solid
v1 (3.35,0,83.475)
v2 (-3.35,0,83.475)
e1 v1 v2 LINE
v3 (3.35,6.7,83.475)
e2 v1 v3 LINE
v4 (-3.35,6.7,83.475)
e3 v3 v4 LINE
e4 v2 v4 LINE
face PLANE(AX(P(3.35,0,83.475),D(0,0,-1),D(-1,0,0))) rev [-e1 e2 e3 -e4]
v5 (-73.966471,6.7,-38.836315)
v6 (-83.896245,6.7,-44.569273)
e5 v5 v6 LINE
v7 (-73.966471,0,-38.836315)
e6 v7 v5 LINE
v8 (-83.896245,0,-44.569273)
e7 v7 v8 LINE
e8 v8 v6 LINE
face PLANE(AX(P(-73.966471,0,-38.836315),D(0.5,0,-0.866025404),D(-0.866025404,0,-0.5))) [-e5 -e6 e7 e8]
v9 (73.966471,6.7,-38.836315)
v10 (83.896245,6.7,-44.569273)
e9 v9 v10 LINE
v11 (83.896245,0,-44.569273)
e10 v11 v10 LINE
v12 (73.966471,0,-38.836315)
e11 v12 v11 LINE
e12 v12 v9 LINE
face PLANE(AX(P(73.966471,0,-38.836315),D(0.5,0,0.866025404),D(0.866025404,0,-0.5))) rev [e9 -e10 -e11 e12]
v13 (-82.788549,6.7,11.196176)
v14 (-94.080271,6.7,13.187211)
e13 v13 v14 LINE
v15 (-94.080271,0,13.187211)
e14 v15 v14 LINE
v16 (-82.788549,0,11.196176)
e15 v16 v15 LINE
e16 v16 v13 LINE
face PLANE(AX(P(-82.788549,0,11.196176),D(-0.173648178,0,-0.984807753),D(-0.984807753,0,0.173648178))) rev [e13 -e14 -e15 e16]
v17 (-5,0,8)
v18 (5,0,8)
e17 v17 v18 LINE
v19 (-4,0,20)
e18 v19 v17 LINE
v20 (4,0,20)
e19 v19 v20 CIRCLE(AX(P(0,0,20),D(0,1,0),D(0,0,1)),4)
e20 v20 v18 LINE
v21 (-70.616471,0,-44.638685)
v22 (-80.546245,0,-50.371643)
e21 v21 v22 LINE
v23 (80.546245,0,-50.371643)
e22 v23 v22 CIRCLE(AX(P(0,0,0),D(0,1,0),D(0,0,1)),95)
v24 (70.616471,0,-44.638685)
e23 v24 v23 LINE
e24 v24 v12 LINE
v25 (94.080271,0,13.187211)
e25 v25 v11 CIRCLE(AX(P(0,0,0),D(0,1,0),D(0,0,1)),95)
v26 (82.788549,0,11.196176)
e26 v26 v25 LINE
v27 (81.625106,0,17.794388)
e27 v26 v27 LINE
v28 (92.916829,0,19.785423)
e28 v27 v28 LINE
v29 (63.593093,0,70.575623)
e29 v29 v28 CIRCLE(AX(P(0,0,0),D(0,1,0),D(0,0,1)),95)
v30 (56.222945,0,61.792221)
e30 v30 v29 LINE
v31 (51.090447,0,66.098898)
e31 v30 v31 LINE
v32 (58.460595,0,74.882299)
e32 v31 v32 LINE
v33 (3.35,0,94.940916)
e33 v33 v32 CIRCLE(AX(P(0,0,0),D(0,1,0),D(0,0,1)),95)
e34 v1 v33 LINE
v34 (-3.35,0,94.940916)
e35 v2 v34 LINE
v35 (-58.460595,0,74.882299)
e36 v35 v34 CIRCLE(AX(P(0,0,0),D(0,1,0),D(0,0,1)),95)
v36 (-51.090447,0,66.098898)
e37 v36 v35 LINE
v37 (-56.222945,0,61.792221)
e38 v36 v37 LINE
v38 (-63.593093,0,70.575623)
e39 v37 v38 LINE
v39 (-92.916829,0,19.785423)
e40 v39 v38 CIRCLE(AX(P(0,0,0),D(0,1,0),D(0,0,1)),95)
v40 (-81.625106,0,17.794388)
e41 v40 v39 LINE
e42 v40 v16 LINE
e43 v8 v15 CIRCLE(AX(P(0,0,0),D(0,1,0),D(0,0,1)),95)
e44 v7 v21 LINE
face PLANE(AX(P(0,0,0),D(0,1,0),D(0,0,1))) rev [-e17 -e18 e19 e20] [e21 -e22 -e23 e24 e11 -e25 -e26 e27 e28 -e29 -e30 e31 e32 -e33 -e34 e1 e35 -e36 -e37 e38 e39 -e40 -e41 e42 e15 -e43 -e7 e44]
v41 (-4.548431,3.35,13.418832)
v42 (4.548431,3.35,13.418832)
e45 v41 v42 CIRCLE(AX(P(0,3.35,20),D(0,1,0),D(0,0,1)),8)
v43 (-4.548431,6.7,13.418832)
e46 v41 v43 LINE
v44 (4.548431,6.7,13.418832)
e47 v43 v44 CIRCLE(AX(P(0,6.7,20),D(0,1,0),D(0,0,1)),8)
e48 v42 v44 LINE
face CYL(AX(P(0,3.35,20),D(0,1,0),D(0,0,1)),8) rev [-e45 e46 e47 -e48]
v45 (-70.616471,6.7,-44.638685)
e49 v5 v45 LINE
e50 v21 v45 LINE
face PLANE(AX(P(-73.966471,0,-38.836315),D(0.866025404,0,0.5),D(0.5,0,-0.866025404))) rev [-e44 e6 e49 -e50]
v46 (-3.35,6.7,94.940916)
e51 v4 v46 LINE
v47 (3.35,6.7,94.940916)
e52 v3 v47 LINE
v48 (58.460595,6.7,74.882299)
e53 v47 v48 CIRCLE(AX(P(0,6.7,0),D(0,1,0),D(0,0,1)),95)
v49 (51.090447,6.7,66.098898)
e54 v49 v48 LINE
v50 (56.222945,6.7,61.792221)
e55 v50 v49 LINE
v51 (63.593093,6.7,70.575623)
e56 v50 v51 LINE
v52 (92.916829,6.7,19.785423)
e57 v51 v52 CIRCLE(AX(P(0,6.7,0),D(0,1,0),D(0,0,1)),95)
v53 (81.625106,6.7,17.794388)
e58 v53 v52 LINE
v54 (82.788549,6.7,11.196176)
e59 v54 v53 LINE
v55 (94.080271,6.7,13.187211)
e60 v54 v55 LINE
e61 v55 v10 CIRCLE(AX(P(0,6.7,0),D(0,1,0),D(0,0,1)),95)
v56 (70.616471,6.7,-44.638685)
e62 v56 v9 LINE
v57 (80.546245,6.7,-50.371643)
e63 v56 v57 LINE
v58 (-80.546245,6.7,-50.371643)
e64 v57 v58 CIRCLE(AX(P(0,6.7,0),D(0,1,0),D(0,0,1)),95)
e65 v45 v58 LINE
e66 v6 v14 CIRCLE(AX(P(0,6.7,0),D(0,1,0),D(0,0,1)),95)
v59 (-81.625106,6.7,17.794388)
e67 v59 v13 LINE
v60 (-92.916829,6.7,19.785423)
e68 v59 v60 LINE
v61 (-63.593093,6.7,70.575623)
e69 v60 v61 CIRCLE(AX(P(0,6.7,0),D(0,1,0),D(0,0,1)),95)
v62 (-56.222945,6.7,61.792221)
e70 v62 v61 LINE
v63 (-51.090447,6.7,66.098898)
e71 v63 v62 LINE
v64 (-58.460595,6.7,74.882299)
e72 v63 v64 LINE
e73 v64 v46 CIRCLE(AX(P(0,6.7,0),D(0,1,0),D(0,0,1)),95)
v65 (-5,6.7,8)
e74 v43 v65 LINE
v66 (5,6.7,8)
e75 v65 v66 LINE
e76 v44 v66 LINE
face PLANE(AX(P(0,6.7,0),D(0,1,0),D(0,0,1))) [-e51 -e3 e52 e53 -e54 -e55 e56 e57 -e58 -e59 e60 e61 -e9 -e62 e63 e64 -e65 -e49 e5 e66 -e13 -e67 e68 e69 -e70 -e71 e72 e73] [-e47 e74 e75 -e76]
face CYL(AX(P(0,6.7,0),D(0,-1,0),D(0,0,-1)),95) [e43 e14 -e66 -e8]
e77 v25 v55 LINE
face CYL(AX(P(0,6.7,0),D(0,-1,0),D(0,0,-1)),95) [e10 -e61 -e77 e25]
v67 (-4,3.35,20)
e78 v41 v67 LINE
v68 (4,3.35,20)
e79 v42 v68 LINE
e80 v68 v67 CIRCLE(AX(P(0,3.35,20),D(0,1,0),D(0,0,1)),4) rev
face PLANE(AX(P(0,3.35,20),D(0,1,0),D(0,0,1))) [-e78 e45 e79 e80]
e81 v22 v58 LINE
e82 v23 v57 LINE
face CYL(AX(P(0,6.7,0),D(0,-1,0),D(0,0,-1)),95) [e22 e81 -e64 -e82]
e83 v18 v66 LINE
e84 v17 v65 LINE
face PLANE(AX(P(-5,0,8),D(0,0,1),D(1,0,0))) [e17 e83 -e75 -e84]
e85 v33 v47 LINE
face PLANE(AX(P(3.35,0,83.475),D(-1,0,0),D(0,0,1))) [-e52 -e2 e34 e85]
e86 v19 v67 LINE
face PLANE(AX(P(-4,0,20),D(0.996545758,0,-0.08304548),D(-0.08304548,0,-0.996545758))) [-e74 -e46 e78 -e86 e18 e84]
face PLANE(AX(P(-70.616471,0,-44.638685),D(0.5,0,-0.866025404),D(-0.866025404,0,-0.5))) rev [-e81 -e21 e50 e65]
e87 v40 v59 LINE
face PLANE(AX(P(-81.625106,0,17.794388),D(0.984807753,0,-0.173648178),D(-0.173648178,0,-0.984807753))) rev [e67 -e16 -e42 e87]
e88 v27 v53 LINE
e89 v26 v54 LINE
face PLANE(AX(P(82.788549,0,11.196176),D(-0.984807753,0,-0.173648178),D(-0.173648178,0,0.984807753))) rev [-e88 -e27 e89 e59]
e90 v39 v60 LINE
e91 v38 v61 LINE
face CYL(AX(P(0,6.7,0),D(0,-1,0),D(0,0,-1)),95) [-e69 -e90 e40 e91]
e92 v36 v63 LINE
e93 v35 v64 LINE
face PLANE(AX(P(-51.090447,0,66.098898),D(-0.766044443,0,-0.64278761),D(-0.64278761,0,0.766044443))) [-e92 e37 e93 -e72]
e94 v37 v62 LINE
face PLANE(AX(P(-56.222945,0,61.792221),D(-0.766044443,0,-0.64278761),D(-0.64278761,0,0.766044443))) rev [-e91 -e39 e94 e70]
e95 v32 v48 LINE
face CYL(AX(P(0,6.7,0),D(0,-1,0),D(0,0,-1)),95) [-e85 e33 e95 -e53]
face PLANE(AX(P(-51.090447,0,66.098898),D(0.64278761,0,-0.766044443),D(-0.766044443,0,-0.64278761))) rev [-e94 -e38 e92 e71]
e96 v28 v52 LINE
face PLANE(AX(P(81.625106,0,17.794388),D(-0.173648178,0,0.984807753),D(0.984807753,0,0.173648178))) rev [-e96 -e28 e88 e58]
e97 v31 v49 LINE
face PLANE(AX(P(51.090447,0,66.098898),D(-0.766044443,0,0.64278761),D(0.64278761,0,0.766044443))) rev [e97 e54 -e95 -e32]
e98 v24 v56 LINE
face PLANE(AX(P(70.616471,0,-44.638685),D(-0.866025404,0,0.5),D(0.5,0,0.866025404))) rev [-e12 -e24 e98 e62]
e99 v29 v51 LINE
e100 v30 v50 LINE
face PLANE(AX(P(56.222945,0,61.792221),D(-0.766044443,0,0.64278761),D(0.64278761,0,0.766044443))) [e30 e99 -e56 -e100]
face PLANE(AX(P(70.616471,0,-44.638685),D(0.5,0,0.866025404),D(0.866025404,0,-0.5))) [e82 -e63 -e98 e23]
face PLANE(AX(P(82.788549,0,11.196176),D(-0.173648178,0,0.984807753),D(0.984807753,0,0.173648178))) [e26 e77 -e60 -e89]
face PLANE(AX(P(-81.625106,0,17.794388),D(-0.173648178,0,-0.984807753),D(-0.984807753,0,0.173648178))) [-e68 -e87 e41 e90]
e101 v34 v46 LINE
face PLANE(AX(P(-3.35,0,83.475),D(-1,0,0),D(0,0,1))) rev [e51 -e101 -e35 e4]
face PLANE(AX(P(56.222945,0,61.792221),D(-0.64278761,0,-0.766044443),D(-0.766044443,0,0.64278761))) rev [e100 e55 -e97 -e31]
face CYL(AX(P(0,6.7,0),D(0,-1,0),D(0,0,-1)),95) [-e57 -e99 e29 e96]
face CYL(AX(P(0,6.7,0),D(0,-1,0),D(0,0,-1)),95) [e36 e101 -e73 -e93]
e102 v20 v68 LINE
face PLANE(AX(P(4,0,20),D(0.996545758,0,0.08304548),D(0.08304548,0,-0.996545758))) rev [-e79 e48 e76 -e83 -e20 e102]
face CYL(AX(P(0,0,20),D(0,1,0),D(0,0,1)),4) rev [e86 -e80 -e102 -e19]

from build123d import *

# Parameters (mm, degrees)
SKETCH1_R           = 95
BOSS_EXTRUDE1_DEPTH = 6.7
SKETCH2_W           = 6.7
SKETCH2_H           = 20
CUT_EXTRUDE3_DEPTH  = 6.7
SKETCH3_R           = 8
CUT_EXTRUDE4_DEPTH  = 3.35


with BuildPart() as part:
    # Sketch1 → Boss-Extrude1 (new body)
    with BuildSketch(Plane(origin=(0, 0, 0), x_dir=(1, 0, 0), z_dir=(0, 1, 0))):
        with Locations(Location((0, 0, 0), (0, 0, 270))):
            Circle(SKETCH1_R)
    extrude(amount=BOSS_EXTRUDE1_DEPTH)

    # Sketch2 → Cut-Extrude3 (cut)
    with BuildSketch(Plane(origin=(0, 6.7, 0), x_dir=(1, 0, 0), z_dir=(0, 1, 0))):
        with BuildLine():
            Line((5, -8), (-5, -8))
            Line((-5, -8), (-4, -20))
            ThreePointArc((-4, -20), (0, -24), (4, -20))
            Line((4, -20), (5, -8))
        make_face()
        Polygon((87.936978657, 54.638685103), (70.616470581, 44.638685103), (73.966470581, 38.836314897), (91.286978657, 48.836314897), align=None)
        Polygon((69.078696797, -77.113110259), (56.222944603, -61.792221397), (51.090446834, -66.098898382), (63.946199028, -81.419787244), align=None)
        Polygon((102.484703638, -14.669139211), (82.788548578, -11.196175658), (81.625105788, -17.794387603), (101.321260848, -21.267351157), align=None)
        with Locations((0, -93.475)):
            Rectangle(SKETCH2_W, SKETCH2_H)
        Polygon((-63.946199028, -81.419787244), (-51.090446834, -66.098898382), (-56.222944603, -61.792221397), (-69.078696797, -77.113110259), align=None)
        Polygon((-101.321260848, -21.267351157), (-81.625105788, -17.794387603), (-82.788548578, -11.196175658), (-102.484703638, -14.669139211), align=None)
        Polygon((-91.286978657, 48.836314897), (-73.966470581, 38.836314897), (-70.616470581, 44.638685103), (-87.936978657, 54.638685103), align=None)
    extrude(amount=-CUT_EXTRUDE3_DEPTH, mode=Mode.SUBTRACT)

    # Sketch3 → Cut-Extrude4 (cut)
    with BuildSketch(Plane(origin=(0, 6.7, 0), x_dir=(1, 0, 0), z_dir=(0, 1, 0))):
        with Locations((0, -20)):
            Circle(SKETCH3_R)
    extrude(amount=-CUT_EXTRUDE4_DEPTH, mode=Mode.SUBTRACT)


solid = part.part
